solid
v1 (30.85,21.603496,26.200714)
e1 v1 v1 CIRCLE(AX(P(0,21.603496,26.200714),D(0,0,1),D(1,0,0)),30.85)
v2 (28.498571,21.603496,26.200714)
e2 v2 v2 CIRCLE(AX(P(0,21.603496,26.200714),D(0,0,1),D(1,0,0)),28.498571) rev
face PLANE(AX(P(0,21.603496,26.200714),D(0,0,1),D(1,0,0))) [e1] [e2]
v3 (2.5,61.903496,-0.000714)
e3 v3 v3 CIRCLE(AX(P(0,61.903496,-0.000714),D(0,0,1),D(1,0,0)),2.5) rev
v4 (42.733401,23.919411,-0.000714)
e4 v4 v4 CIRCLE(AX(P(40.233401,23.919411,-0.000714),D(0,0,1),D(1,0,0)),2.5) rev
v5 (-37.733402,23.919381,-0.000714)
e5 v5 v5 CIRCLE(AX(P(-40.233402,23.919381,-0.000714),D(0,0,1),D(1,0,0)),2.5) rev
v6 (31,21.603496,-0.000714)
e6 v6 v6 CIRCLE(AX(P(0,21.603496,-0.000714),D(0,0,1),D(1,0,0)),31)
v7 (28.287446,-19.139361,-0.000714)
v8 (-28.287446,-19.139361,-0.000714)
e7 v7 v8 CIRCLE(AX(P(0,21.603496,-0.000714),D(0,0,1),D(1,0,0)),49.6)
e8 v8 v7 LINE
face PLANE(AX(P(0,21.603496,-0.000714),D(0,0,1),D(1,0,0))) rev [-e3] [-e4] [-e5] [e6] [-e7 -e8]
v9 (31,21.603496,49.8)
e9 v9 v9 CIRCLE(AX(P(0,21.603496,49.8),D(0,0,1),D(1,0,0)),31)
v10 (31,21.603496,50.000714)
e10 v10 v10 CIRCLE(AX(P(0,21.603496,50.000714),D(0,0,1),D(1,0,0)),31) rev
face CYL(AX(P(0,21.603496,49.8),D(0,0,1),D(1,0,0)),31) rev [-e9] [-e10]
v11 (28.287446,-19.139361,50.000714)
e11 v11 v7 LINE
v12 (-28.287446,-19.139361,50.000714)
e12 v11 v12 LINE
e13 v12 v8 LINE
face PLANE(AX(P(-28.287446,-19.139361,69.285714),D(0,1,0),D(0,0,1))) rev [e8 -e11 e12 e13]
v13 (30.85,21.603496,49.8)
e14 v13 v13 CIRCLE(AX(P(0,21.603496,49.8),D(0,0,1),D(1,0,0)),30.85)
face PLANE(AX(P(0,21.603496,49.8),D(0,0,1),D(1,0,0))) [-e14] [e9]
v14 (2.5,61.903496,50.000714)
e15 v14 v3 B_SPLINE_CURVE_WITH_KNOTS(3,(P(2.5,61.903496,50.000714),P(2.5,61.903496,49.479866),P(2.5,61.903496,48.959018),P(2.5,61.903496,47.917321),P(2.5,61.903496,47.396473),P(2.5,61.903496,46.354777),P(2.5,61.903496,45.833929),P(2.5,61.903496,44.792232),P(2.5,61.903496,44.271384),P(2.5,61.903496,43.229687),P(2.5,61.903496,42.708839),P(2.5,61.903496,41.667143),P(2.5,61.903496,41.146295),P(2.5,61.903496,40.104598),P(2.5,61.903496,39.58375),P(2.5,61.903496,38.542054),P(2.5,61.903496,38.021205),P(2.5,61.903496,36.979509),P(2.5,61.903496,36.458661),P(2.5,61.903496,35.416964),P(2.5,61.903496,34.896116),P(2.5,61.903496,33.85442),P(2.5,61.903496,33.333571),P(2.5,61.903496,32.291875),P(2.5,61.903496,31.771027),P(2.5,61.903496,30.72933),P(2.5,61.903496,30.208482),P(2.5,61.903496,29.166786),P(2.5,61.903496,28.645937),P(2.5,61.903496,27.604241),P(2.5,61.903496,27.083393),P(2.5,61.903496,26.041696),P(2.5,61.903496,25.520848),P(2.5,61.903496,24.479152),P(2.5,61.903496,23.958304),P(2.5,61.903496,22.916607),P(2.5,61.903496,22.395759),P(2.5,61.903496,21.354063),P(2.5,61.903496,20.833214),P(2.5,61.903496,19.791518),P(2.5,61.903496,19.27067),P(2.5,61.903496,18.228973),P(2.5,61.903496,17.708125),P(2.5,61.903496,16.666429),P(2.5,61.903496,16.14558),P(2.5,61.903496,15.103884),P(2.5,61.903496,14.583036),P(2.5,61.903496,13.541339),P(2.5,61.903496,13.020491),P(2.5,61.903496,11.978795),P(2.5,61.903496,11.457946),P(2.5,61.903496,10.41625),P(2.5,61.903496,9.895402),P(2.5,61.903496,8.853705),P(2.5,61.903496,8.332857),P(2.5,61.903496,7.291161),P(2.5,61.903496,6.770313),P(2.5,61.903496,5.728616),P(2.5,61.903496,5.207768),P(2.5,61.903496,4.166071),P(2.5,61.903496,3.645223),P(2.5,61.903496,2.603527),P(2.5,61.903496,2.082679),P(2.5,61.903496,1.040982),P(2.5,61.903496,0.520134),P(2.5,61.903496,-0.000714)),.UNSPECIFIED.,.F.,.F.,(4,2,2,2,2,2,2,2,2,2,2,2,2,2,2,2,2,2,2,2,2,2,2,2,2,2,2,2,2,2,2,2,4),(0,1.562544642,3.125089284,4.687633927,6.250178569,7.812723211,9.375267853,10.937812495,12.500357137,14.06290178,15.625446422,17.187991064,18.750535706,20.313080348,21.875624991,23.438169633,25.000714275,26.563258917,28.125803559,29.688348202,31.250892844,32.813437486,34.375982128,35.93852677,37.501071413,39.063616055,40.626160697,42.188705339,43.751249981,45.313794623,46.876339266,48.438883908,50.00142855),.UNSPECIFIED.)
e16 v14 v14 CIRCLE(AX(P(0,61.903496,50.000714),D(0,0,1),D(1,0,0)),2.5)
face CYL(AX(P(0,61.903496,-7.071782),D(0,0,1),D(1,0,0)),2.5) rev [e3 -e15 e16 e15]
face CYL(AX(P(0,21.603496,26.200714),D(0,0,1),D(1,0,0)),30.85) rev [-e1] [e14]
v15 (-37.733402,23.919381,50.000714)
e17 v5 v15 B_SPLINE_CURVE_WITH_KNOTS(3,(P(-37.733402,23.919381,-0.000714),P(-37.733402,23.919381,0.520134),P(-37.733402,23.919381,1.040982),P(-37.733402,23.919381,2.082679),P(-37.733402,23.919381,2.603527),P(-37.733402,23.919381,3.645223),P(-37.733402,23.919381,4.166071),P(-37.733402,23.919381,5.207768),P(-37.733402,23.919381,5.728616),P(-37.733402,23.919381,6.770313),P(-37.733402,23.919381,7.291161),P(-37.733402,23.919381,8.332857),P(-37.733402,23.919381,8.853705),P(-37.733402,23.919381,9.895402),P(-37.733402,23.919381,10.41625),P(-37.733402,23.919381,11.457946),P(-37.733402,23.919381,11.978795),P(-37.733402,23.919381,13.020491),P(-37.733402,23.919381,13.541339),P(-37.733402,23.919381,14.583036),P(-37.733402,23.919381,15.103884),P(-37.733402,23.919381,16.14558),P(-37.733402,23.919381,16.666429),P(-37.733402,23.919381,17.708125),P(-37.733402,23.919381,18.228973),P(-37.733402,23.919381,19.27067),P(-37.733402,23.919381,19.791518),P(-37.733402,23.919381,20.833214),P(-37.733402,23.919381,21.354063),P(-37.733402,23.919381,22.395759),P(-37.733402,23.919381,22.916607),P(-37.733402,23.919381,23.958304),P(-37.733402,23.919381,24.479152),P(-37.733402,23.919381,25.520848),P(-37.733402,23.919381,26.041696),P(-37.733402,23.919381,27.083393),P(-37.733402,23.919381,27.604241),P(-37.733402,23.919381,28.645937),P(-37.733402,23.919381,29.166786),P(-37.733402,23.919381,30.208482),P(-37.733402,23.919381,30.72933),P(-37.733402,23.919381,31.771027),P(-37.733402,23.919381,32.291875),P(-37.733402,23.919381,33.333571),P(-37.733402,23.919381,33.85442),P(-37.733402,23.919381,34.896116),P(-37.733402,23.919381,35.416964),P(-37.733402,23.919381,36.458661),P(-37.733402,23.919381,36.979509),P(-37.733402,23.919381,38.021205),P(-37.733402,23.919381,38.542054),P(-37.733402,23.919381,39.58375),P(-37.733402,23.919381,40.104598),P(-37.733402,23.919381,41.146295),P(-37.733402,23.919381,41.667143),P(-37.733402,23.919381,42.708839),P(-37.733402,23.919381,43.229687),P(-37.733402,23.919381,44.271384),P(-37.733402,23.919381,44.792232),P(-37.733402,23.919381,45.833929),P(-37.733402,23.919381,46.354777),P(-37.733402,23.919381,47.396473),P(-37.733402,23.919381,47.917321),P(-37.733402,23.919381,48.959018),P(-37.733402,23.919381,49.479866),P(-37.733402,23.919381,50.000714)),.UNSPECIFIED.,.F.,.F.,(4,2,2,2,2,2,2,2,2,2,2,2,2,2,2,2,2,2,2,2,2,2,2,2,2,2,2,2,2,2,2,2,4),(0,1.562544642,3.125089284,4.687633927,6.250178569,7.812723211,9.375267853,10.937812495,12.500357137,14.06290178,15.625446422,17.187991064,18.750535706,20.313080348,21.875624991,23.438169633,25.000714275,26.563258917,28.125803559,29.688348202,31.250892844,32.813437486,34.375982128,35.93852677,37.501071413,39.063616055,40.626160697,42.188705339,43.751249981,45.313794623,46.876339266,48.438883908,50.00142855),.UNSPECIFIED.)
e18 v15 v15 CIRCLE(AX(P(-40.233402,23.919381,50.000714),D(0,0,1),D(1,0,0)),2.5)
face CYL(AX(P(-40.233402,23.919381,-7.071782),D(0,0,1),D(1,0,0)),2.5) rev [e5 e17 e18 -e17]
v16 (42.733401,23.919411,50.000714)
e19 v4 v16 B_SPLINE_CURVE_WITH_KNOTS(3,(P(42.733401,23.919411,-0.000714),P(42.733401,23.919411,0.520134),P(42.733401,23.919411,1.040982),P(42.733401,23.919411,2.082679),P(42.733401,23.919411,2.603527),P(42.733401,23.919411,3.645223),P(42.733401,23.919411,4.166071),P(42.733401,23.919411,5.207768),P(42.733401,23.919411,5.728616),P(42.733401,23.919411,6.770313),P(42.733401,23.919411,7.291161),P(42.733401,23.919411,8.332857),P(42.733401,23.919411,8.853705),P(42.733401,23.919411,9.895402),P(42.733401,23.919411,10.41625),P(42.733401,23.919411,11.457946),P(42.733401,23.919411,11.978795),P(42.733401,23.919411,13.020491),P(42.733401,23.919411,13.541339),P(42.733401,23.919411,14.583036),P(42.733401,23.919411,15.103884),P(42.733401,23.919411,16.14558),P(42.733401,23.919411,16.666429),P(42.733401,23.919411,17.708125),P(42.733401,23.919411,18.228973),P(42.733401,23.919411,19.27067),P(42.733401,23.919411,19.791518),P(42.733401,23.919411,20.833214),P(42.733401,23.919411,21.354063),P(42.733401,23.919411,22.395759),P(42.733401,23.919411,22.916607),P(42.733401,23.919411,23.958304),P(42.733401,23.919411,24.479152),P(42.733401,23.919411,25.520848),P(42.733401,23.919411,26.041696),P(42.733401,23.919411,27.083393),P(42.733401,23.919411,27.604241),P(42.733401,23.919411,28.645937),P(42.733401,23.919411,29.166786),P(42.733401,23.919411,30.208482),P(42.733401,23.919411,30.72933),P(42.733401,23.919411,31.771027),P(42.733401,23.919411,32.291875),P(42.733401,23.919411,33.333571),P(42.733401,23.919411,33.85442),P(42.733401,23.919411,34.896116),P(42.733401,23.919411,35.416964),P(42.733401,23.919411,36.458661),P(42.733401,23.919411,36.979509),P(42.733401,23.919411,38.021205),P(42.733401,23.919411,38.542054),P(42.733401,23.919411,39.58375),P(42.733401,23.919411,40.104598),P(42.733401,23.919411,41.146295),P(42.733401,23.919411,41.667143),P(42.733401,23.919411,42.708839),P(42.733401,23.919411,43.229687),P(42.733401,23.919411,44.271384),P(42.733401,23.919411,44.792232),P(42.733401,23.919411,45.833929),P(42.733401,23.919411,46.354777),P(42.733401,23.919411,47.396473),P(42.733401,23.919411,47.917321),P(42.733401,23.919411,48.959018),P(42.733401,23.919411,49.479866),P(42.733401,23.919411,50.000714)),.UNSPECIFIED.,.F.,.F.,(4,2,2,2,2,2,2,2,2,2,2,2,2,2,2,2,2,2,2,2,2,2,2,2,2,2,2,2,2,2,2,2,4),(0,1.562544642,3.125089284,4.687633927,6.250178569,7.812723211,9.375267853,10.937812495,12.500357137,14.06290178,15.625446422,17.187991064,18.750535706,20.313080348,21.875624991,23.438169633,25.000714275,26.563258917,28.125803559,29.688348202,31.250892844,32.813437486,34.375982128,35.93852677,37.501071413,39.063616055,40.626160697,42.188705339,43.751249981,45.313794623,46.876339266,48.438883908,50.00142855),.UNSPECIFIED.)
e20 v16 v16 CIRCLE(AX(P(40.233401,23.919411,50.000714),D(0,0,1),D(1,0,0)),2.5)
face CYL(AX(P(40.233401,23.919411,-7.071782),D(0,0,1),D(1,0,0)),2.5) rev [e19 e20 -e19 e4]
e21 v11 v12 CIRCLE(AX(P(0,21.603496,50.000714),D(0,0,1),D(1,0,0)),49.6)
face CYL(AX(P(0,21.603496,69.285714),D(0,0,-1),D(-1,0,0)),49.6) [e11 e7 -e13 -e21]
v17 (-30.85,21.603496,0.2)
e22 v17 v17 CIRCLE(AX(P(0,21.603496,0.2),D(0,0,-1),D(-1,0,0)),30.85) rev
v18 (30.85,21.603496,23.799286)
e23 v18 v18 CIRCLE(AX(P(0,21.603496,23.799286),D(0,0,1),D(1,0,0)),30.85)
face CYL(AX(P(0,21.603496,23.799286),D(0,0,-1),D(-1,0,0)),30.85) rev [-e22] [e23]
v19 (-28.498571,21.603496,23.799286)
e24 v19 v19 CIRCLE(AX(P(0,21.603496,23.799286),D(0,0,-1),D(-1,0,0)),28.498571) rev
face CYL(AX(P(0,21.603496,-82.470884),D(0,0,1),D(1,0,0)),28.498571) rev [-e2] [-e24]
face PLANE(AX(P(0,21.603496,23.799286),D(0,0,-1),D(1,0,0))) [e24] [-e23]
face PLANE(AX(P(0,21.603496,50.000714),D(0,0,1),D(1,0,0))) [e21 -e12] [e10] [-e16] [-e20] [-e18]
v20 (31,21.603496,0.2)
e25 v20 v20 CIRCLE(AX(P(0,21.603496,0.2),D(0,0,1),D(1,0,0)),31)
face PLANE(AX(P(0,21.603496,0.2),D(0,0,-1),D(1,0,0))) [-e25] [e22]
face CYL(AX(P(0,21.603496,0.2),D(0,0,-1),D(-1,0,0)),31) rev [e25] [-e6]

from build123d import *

# Parameters (mm, degrees)
SKETCH1_R           = 16.5
BOSS_EXTRUDE1_DEPTH = 50
SKETCH2_R           = 17.5
CUT_EXTRUDE1_DEPTH  = 11
SKETCH3_R           = 2
CUT_EXTRUDE2_DEPTH  = 10
SCALE1_SCALE        = 1.771428571
BOSS_EXTRUDE2_START = -49.599999988
SKETCH4_R           = 29.228571421
SKETCH4_R_2         = 28.498571422
BOSS_EXTRUDE2_DEPTH = 49.599999988
CUT_EXTRUDE6_START  = -44.285714
SKETCH6_R           = 28.498571422
CUT_EXTRUDE6_DEPTH  = 19.285
CUT_EXTRUDE7_START  = 50.000714
SKETCH7_R           = 28.498571422
CUT_EXTRUDE7_DEPTH  = 19.285
SKETCH9_R           = 30.85
CUT_EXTRUDE8_DEPTH  = 23.8
SKETCH10_R          = 2.5
CUT_EXTRUDE9_DEPTH  = 50.00142855


with BuildPart() as part:
    # Sketch1 → Boss-Extrude1 (new body)
    with BuildSketch(Plane.XY):
        with BuildLine():
            Line((-15.968719423, 0), (15.968719423, 0))
            ThreePointArc((15.968719423, 0), (0, 51), (-15.968719423, 0))
        make_face()
        with Locations((0, 23)):
            Circle(SKETCH1_R, mode=Mode.SUBTRACT)
    extrude(amount=BOSS_EXTRUDE1_DEPTH)

    # Sketch2 → Cut-Extrude1 (cut)
    with BuildSketch(Plane.XY.offset(50)):
        with Locations((0, 23)):
            Circle(SKETCH2_R)
    cut_extrude1 = extrude(amount=-CUT_EXTRUDE1_DEPTH, mode=Mode.SUBTRACT)

    # Mirror1: Cut-Extrude1 across plane
    add(cut_extrude1.mirror(Plane.XY.offset(25)), mode=Mode.SUBTRACT)

    # Sketch3 → Cut-Extrude2 (cut)
    with BuildSketch(Plane(origin=(0, 0, 0), x_dir=(-1, 0, 0), z_dir=(0, 0, -1))):
        with Locations((0, 45.5)):
            Circle(SKETCH3_R)
        with Locations((-22.5, 23)):
            Circle(SKETCH3_R)
        with Locations((22.5, 23)):
            Circle(SKETCH3_R)
    cut_extrude2 = extrude(amount=-CUT_EXTRUDE2_DEPTH, mode=Mode.SUBTRACT)

    # Mirror2: Cut-Extrude2 across plane
    add(cut_extrude2.mirror(Plane.XY.offset(25)), mode=Mode.SUBTRACT)


with BuildPart() as part_1:
    # Scale1: scaled about (0, 24.810283146, 25)
    add(part.part.scale(SCALE1_SCALE).moved(Location((0, -19.139361273, -19.285714275))))

    # Sketch4 → Boss-Extrude2 (add)
    with BuildSketch(Plane.XY.offset(49.799999994).offset(BOSS_EXTRUDE2_START)):
        with Locations((0, 21.60349586)):
            Circle(SKETCH4_R)
        with Locations((0, 21.60349586)):
            Circle(SKETCH4_R_2, mode=Mode.SUBTRACT)
    extrude(amount=BOSS_EXTRUDE2_DEPTH)

    # Sketch6 → Cut-Extrude6 (cut)
    with BuildSketch(Plane.XY.offset(25).offset(CUT_EXTRUDE6_START)):
        with BuildLine():
            Line((-28.287445828, -19.139361273), (28.287445828, -19.139361273))
            ThreePointArc((28.287445828, -19.139361273), (0, 71.203495848), (-28.287445828, -19.139361273))
        make_face()
        with Locations((0, 21.60349586)):
            Circle(SKETCH6_R, mode=Mode.SUBTRACT)
    extrude(amount=CUT_EXTRUDE6_DEPTH, mode=Mode.SUBTRACT)

    # Sketch7 → Cut-Extrude7 (cut)
    with BuildSketch(Plane.XY.offset(CUT_EXTRUDE7_START)):
        with BuildLine():
            Line((-28.287445828, -19.139361273), (28.287445828, -19.139361273))
            ThreePointArc((28.287445828, -19.139361273), (0, 71.203495848), (-28.287445828, -19.139361273))
        make_face()
        with Locations((0, 21.60349586)):
            Circle(SKETCH7_R, mode=Mode.SUBTRACT)
    extrude(amount=CUT_EXTRUDE7_DEPTH, mode=Mode.SUBTRACT)

    # Sketch9 → Cut-Extrude8 (cut)
    with BuildSketch(Plane.XY.offset(50.000714275)):
        with Locations((0, 21.60349586)):
            Circle(SKETCH9_R)
    cut_extrude8 = extrude(amount=-CUT_EXTRUDE8_DEPTH, mode=Mode.SUBTRACT)

    # Mirror3: Cut-Extrude8 across plane
    add(cut_extrude8.mirror(Plane.XY.offset(25)), mode=Mode.SUBTRACT)

    # Sketch10 → Cut-Extrude9 (cut)
    with BuildSketch(Plane.XY.offset(50.000714275)):
        with Locations((0, 61.90349586)):
            Circle(SKETCH10_R)
        with Locations((-40.233402491, 23.919381004)):
            Circle(SKETCH10_R)
        with Locations((40.233400771, 23.919410876)):
            Circle(SKETCH10_R)
    extrude(amount=-CUT_EXTRUDE9_DEPTH, mode=Mode.SUBTRACT)


solid = part_1.part
